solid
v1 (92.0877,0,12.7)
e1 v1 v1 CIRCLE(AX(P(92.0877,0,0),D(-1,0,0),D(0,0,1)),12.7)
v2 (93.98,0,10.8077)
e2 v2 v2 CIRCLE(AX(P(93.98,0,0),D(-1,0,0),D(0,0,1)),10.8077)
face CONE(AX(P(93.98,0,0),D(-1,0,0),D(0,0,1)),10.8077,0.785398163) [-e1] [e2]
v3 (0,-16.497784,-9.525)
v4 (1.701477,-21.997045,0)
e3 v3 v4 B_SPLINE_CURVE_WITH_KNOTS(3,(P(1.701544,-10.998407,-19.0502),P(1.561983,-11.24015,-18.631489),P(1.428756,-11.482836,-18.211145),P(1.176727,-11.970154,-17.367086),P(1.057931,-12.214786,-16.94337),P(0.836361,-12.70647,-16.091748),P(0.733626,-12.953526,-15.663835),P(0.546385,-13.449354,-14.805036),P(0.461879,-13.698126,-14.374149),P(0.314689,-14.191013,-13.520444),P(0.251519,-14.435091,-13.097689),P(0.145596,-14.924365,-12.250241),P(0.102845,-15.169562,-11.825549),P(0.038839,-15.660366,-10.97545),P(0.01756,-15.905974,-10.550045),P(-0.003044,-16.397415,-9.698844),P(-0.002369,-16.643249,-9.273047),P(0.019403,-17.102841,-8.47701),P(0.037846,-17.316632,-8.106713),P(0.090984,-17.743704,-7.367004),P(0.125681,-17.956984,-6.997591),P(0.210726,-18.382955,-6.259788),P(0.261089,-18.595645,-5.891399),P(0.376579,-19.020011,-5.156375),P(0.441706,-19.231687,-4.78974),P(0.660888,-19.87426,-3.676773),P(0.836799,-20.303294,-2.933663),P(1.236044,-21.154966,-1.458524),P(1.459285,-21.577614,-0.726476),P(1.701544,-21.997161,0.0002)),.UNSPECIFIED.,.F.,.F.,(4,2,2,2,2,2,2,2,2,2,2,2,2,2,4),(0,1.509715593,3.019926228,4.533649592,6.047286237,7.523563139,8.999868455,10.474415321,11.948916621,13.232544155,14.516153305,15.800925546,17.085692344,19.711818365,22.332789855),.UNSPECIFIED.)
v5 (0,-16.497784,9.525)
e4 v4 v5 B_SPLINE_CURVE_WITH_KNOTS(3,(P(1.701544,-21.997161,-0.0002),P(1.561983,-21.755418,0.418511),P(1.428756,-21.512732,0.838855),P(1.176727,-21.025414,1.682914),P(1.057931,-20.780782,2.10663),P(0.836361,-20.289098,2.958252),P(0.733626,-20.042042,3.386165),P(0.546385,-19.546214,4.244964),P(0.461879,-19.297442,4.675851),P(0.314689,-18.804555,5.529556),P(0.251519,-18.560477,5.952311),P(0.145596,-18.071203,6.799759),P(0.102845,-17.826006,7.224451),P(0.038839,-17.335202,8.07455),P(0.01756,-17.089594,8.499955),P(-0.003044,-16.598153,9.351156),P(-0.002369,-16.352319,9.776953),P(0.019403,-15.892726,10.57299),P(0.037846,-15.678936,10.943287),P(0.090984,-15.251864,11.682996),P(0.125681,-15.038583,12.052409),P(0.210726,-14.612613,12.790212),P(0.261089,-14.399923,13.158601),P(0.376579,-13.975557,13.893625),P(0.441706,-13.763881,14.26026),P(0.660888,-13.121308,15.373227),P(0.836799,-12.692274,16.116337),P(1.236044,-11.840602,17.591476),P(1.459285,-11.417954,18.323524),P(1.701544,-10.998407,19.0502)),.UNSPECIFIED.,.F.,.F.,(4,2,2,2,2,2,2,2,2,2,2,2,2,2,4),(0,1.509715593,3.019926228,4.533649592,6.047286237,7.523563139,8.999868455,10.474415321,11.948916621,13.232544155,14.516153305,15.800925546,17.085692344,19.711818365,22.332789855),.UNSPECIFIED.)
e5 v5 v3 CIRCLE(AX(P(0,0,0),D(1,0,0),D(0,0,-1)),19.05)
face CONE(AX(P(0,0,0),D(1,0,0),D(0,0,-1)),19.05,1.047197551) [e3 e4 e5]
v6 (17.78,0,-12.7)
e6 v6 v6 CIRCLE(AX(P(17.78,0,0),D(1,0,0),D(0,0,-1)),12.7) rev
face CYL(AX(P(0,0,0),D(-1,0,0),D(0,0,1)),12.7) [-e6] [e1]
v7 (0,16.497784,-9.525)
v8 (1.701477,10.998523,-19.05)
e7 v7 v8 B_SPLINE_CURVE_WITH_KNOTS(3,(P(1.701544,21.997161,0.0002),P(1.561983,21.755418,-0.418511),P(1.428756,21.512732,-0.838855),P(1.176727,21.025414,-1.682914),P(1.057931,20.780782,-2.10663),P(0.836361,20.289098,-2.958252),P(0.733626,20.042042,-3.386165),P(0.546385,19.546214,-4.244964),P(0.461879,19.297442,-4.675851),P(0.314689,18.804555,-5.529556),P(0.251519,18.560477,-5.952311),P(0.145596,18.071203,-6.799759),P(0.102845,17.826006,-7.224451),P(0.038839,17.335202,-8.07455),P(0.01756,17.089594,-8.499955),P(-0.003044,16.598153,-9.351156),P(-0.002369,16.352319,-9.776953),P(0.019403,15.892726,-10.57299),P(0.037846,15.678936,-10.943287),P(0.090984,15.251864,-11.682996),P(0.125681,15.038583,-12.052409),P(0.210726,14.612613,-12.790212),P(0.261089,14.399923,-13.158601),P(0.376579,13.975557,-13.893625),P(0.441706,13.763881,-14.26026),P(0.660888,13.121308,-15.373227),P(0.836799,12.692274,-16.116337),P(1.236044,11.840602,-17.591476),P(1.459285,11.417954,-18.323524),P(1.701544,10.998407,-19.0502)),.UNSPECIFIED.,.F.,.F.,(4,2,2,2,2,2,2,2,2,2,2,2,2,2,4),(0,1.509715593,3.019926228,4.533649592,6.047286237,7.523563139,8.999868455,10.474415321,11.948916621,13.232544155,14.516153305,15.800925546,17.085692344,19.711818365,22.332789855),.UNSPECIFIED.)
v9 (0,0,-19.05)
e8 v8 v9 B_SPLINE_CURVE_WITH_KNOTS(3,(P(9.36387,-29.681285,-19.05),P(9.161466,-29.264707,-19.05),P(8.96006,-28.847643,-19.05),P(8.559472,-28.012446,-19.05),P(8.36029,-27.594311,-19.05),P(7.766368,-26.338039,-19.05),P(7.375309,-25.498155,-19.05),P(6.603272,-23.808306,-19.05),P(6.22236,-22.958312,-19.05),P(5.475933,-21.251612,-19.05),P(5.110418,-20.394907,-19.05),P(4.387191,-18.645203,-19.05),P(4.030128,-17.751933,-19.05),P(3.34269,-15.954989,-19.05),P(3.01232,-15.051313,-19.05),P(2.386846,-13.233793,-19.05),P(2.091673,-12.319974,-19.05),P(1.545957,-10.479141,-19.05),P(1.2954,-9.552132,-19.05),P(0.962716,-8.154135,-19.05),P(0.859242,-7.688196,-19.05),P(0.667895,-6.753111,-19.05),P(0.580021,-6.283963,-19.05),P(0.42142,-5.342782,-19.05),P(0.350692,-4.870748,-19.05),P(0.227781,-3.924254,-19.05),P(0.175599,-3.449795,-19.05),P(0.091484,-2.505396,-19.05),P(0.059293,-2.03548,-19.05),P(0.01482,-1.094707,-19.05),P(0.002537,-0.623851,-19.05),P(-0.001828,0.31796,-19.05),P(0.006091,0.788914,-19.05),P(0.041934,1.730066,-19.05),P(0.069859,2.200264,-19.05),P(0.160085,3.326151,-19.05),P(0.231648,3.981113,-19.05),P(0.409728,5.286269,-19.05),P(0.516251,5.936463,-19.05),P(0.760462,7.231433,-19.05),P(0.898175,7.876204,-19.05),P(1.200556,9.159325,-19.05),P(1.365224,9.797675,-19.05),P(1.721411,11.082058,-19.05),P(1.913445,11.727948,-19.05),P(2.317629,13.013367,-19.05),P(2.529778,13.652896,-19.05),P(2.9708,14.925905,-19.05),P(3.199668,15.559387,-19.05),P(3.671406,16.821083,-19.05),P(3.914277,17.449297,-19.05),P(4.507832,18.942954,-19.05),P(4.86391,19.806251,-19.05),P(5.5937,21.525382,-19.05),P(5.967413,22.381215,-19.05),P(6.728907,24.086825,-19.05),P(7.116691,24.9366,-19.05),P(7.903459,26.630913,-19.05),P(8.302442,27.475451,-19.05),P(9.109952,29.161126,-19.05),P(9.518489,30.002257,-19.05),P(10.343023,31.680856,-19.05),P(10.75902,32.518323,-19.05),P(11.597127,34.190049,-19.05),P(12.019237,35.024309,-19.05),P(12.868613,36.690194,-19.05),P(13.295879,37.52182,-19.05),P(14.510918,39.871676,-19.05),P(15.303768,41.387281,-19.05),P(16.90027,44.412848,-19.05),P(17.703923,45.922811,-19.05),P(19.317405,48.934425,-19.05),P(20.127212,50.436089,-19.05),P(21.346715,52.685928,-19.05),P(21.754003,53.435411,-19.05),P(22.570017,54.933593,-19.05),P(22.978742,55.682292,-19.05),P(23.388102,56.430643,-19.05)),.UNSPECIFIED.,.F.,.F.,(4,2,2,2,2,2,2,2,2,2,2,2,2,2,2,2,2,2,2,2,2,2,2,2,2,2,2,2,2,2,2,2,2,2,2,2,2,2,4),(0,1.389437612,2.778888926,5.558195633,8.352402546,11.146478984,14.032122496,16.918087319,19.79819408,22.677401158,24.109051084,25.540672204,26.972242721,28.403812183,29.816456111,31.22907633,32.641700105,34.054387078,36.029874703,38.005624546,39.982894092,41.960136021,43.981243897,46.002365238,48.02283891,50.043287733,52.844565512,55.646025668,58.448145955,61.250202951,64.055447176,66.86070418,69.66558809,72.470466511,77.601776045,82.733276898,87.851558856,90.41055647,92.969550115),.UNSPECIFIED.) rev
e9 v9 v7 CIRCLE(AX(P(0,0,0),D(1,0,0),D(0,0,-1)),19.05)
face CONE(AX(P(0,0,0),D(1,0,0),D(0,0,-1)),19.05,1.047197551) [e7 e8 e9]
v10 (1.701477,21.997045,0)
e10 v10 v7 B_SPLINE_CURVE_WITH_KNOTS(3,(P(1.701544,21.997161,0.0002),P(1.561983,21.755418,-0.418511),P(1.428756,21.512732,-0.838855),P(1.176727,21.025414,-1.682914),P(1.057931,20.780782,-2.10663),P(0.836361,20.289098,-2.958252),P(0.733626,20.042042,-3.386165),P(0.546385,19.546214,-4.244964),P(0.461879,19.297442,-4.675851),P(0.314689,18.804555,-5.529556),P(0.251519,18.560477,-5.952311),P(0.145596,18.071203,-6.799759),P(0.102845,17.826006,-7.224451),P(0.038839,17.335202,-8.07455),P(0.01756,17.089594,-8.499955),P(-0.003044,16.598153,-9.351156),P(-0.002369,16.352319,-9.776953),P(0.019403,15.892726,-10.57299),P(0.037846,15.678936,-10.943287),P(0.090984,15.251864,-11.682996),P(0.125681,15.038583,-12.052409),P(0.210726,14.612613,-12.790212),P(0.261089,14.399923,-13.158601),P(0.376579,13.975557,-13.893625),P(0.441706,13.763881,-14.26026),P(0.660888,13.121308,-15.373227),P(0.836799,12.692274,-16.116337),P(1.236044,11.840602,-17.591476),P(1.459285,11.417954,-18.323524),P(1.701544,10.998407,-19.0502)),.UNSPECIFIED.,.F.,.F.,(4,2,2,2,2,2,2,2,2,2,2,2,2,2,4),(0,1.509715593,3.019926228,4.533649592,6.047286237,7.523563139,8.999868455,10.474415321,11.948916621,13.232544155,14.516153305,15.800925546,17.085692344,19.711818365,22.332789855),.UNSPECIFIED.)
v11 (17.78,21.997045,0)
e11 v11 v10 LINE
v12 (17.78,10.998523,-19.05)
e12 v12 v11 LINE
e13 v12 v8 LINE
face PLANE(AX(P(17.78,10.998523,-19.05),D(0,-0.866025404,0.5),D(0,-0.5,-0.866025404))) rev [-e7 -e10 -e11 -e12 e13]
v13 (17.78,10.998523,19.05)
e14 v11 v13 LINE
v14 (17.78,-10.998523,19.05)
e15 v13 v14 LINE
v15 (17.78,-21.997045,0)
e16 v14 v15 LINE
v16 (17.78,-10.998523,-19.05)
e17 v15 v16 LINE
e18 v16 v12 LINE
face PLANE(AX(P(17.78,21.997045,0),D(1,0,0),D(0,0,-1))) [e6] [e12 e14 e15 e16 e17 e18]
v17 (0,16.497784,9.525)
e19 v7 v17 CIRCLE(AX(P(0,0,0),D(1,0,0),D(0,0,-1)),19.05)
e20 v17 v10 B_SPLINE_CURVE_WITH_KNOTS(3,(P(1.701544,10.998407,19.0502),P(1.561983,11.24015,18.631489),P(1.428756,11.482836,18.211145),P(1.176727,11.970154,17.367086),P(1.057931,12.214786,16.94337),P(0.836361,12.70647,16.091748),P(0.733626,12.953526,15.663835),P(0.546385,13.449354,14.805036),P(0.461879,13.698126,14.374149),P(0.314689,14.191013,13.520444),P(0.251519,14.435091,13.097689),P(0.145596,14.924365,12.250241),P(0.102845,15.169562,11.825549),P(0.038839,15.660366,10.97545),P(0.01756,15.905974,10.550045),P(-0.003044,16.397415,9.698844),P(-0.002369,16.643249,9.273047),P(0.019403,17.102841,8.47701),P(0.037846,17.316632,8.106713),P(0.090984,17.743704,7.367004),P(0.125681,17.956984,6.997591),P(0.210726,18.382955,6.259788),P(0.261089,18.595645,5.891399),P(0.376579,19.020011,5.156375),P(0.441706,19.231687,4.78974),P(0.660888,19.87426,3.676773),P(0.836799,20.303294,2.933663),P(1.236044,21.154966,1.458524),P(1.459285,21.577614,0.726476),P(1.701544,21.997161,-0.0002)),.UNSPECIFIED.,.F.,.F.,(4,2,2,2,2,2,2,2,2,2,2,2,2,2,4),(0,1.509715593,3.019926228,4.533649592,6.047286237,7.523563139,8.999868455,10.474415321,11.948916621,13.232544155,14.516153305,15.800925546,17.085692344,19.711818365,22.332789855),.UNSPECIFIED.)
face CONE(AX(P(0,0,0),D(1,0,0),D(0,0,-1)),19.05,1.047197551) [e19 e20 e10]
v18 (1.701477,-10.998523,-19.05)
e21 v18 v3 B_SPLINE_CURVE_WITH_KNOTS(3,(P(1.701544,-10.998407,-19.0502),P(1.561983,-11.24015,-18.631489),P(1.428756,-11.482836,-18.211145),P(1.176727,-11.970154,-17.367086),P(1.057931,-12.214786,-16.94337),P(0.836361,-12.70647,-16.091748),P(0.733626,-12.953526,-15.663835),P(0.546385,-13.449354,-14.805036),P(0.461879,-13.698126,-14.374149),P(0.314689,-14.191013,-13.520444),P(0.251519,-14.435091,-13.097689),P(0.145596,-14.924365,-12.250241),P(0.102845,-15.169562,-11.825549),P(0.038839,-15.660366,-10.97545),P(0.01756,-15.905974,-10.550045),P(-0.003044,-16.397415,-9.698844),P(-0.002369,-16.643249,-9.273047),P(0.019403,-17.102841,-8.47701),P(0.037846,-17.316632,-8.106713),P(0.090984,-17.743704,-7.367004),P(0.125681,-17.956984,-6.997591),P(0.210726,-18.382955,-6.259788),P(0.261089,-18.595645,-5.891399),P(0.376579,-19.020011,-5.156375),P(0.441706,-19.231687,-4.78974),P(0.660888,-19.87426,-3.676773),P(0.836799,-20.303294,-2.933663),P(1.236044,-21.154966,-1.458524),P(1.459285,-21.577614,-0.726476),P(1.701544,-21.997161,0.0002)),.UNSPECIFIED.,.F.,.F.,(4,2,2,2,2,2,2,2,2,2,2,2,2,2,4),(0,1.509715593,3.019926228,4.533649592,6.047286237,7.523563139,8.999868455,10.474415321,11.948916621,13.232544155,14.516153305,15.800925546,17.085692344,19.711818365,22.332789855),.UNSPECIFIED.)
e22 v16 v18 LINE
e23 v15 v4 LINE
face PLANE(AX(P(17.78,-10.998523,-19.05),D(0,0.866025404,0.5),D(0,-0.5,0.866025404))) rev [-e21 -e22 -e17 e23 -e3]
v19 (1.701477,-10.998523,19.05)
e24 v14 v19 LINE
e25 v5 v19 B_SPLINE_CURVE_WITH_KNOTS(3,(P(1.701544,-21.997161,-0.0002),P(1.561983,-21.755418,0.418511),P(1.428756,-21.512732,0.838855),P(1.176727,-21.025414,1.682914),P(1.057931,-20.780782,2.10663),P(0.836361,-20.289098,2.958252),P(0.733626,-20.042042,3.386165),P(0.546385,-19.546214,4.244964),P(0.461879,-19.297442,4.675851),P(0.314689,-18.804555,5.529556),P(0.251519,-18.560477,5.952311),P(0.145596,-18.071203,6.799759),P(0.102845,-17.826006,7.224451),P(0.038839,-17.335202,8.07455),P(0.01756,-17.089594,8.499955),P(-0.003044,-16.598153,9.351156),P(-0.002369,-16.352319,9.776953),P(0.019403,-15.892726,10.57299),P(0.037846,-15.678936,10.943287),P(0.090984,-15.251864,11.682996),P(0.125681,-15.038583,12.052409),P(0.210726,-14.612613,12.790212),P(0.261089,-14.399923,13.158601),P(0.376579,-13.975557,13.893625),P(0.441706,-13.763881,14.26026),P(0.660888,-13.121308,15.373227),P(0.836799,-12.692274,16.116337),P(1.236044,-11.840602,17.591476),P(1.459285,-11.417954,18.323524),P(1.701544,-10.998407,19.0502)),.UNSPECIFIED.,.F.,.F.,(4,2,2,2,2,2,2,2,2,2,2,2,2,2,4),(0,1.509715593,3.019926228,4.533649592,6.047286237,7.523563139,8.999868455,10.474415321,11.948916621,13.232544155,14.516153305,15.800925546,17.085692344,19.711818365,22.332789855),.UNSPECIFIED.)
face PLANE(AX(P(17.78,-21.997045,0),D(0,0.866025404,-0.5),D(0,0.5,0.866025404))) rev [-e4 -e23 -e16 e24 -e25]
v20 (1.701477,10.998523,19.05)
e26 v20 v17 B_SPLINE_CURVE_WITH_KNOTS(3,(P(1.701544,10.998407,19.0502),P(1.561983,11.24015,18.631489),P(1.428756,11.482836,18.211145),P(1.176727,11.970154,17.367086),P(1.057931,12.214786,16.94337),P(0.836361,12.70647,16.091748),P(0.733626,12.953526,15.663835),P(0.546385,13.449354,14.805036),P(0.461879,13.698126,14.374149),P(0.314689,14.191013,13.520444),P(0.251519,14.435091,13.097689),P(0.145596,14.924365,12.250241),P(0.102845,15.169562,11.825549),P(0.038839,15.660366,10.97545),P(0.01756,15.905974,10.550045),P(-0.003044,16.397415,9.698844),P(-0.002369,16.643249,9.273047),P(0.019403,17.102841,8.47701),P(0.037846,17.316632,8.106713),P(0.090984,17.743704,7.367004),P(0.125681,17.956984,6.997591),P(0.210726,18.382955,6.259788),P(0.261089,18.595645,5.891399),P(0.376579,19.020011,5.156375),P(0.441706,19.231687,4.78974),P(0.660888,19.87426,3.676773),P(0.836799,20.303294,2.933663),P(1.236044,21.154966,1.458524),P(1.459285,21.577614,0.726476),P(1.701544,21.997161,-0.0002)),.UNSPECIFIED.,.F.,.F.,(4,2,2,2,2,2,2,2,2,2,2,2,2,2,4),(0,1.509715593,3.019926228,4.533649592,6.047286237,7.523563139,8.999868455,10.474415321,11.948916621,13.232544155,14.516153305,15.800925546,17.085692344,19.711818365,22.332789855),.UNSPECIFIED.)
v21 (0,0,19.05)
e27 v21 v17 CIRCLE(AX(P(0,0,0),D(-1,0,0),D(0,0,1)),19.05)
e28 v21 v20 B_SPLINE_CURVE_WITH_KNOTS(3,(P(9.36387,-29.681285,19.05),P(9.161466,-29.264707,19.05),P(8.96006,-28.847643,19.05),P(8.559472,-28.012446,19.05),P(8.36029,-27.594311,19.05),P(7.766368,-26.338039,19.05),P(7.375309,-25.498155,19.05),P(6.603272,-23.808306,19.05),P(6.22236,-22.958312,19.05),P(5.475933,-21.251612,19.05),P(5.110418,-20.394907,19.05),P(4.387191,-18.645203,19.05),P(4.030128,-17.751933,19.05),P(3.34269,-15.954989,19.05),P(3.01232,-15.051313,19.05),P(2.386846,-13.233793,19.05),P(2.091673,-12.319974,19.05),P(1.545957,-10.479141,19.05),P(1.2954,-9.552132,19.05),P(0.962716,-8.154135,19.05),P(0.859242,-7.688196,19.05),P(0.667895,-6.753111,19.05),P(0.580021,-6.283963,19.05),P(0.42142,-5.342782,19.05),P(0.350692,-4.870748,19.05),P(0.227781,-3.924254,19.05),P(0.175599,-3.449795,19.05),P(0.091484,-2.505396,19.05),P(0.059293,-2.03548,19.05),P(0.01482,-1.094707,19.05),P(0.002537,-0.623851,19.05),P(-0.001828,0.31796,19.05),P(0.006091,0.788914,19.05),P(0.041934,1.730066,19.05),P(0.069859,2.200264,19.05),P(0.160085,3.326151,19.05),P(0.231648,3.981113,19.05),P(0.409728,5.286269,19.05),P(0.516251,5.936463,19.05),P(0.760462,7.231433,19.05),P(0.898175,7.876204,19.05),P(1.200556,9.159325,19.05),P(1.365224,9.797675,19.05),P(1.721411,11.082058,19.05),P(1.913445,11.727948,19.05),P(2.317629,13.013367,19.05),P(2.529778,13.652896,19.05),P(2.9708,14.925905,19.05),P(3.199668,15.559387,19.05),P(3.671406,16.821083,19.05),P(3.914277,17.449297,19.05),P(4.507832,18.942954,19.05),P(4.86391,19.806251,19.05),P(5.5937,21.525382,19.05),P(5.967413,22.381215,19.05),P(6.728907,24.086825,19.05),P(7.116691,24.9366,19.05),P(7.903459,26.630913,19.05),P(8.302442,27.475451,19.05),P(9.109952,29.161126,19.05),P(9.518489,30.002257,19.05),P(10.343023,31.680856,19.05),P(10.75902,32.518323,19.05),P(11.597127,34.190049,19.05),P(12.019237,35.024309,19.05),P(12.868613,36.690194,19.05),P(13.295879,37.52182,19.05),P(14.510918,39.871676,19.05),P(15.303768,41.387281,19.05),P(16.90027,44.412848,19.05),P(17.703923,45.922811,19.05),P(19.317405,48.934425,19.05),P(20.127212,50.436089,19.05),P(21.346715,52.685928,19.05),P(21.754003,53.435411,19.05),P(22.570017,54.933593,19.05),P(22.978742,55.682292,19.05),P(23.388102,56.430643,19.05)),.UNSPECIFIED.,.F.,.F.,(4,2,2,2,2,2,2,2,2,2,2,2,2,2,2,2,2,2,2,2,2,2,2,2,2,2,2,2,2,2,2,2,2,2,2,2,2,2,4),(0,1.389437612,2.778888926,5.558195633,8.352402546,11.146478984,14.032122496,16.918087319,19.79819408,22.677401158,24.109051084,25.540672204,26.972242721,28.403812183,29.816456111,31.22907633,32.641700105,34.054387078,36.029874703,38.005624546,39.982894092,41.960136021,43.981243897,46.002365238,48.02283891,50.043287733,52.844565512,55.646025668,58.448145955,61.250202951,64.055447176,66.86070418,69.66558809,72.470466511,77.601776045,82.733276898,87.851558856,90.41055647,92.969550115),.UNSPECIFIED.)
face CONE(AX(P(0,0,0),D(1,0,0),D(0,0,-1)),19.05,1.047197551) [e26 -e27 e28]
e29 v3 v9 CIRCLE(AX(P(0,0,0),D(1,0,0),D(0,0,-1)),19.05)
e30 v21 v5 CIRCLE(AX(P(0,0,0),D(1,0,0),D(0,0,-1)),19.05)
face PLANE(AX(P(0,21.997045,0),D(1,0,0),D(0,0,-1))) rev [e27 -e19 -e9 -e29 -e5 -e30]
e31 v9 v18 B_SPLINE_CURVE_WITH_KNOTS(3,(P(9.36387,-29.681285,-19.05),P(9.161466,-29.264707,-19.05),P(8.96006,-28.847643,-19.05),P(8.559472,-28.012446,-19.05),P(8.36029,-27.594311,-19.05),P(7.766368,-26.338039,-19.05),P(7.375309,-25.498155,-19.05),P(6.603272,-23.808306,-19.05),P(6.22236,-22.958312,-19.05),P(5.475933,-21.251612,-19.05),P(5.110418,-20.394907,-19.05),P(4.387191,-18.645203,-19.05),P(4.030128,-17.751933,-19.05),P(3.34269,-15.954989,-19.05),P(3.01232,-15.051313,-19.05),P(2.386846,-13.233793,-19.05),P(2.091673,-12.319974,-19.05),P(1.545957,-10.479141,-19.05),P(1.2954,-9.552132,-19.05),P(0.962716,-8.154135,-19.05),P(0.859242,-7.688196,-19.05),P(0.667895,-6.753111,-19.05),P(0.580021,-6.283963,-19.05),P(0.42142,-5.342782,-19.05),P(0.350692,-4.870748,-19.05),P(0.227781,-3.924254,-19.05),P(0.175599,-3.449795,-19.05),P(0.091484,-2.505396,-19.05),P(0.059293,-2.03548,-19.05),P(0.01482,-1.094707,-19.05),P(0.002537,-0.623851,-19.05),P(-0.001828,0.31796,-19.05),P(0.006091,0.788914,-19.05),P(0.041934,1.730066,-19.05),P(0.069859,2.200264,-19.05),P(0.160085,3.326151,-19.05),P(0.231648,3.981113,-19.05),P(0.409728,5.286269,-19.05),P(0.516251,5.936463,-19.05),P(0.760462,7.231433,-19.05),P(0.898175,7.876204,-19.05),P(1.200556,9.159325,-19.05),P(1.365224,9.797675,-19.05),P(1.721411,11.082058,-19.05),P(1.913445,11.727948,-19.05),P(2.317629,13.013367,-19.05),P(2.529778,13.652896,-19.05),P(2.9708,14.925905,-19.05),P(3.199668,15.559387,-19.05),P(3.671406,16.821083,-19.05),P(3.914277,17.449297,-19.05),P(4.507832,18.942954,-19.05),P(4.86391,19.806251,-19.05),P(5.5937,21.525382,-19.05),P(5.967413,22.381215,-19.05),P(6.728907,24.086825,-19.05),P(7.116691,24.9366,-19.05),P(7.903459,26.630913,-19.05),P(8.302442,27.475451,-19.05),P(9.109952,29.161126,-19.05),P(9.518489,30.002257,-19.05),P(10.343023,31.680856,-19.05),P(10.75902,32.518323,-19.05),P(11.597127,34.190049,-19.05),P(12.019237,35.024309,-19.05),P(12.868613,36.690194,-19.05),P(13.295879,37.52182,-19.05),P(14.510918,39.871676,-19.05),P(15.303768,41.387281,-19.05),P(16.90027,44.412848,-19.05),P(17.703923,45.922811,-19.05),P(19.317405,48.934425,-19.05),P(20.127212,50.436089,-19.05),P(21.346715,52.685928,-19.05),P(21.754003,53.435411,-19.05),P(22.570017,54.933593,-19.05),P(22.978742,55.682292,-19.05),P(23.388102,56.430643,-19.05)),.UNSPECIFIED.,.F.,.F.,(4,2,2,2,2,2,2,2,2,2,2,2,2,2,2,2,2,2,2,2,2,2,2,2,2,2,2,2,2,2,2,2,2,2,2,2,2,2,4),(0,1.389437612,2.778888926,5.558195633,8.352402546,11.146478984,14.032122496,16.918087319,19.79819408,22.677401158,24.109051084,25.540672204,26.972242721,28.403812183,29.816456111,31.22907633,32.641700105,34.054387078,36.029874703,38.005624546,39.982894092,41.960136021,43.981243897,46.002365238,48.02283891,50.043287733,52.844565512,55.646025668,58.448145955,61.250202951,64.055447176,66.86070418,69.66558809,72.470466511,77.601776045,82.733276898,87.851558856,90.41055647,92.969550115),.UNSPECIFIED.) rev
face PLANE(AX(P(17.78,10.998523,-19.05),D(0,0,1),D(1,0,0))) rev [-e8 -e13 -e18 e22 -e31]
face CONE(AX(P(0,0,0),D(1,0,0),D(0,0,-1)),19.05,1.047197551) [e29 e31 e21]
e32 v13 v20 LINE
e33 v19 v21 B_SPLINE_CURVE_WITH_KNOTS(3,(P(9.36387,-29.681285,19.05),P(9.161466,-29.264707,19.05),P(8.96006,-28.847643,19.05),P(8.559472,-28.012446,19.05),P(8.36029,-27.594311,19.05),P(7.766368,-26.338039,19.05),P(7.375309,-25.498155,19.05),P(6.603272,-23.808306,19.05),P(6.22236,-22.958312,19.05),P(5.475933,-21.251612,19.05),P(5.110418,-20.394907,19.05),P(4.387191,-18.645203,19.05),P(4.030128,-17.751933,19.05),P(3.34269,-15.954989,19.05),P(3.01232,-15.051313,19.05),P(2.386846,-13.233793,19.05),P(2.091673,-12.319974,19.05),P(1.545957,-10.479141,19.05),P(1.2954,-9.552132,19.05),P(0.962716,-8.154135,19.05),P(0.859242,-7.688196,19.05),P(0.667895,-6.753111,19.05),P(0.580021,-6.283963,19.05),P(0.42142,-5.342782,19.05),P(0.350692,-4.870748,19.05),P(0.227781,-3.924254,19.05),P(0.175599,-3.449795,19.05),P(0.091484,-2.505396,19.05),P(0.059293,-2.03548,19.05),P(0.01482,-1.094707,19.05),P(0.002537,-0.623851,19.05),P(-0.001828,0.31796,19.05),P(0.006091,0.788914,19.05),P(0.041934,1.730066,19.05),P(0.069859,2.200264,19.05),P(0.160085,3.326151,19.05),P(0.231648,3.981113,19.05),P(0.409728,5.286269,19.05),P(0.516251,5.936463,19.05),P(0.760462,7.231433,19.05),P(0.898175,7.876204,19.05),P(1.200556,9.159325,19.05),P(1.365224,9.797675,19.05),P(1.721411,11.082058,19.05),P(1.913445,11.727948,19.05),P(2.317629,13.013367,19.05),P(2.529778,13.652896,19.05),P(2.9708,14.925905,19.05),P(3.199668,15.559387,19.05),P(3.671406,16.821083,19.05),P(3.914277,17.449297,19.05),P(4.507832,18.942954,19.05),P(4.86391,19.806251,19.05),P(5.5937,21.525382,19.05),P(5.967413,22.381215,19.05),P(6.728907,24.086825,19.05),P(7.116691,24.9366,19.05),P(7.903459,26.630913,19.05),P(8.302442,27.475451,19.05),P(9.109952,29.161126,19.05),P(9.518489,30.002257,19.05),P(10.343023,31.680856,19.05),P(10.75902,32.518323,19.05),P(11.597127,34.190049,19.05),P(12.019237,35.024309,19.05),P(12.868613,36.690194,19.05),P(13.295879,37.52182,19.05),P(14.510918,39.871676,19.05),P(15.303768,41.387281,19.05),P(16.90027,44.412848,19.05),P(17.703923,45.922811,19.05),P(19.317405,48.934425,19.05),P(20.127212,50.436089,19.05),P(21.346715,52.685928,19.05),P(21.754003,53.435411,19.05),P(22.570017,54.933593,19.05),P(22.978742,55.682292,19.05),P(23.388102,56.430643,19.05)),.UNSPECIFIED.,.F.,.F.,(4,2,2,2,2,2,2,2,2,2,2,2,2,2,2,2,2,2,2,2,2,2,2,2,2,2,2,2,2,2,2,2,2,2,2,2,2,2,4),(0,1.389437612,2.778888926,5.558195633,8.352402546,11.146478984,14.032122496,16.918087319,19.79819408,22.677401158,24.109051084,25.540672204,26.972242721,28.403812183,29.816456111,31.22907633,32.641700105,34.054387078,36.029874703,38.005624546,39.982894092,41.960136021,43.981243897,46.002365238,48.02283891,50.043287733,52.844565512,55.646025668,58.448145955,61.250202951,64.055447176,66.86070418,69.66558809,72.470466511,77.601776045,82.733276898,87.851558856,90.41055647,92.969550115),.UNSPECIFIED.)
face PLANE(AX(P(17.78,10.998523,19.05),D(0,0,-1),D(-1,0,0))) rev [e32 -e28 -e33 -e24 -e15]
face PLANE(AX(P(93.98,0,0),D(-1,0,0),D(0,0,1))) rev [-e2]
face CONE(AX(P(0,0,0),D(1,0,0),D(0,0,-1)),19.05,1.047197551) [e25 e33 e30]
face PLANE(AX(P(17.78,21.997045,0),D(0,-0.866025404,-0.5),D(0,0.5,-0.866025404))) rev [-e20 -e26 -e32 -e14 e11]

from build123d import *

# Parameters (mm, degrees)
BASEHEAD_DEPTH = 17.78


with BuildPart() as part:
    # Sketch1 → BaseHead (new body)
    with BuildSketch(Plane(origin=(0, 0, 0), x_dir=(0, 0, -1), z_dir=(1, 0, 0))):
        Polygon((19.05, 10.998522628), (19.05, -10.998522628), (0, -21.997045256), (-19.05, -10.998522628), (-19.05, 10.998522628), (0, 21.997045256), align=None)
    extrude(amount=BASEHEAD_DEPTH)

    # BodySke → BaseBody (revolve)
    with BuildSketch(Plane.XY):
        Polygon((0, 0), (93.98, 0), (93.98, 10.8077), (92.0877, 12.7), (0, 12.7), align=None)
    revolve(axis=Axis((0, 0, 0), (1, 0, 0)))

    # Sketch3 → HeadChamfer (revolve, cut)
    with BuildSketch(Plane.XY):
        Polygon((0, 19.05), (5.367651581, 28.347045256), (5.367651581, 34.697045256), (-12.7, 34.697045256), (-12.7, 19.05), align=None)
    revolve(axis=Axis((0, 0, 0), (1, 0, 0)), mode=Mode.SUBTRACT)


solid = part.part
